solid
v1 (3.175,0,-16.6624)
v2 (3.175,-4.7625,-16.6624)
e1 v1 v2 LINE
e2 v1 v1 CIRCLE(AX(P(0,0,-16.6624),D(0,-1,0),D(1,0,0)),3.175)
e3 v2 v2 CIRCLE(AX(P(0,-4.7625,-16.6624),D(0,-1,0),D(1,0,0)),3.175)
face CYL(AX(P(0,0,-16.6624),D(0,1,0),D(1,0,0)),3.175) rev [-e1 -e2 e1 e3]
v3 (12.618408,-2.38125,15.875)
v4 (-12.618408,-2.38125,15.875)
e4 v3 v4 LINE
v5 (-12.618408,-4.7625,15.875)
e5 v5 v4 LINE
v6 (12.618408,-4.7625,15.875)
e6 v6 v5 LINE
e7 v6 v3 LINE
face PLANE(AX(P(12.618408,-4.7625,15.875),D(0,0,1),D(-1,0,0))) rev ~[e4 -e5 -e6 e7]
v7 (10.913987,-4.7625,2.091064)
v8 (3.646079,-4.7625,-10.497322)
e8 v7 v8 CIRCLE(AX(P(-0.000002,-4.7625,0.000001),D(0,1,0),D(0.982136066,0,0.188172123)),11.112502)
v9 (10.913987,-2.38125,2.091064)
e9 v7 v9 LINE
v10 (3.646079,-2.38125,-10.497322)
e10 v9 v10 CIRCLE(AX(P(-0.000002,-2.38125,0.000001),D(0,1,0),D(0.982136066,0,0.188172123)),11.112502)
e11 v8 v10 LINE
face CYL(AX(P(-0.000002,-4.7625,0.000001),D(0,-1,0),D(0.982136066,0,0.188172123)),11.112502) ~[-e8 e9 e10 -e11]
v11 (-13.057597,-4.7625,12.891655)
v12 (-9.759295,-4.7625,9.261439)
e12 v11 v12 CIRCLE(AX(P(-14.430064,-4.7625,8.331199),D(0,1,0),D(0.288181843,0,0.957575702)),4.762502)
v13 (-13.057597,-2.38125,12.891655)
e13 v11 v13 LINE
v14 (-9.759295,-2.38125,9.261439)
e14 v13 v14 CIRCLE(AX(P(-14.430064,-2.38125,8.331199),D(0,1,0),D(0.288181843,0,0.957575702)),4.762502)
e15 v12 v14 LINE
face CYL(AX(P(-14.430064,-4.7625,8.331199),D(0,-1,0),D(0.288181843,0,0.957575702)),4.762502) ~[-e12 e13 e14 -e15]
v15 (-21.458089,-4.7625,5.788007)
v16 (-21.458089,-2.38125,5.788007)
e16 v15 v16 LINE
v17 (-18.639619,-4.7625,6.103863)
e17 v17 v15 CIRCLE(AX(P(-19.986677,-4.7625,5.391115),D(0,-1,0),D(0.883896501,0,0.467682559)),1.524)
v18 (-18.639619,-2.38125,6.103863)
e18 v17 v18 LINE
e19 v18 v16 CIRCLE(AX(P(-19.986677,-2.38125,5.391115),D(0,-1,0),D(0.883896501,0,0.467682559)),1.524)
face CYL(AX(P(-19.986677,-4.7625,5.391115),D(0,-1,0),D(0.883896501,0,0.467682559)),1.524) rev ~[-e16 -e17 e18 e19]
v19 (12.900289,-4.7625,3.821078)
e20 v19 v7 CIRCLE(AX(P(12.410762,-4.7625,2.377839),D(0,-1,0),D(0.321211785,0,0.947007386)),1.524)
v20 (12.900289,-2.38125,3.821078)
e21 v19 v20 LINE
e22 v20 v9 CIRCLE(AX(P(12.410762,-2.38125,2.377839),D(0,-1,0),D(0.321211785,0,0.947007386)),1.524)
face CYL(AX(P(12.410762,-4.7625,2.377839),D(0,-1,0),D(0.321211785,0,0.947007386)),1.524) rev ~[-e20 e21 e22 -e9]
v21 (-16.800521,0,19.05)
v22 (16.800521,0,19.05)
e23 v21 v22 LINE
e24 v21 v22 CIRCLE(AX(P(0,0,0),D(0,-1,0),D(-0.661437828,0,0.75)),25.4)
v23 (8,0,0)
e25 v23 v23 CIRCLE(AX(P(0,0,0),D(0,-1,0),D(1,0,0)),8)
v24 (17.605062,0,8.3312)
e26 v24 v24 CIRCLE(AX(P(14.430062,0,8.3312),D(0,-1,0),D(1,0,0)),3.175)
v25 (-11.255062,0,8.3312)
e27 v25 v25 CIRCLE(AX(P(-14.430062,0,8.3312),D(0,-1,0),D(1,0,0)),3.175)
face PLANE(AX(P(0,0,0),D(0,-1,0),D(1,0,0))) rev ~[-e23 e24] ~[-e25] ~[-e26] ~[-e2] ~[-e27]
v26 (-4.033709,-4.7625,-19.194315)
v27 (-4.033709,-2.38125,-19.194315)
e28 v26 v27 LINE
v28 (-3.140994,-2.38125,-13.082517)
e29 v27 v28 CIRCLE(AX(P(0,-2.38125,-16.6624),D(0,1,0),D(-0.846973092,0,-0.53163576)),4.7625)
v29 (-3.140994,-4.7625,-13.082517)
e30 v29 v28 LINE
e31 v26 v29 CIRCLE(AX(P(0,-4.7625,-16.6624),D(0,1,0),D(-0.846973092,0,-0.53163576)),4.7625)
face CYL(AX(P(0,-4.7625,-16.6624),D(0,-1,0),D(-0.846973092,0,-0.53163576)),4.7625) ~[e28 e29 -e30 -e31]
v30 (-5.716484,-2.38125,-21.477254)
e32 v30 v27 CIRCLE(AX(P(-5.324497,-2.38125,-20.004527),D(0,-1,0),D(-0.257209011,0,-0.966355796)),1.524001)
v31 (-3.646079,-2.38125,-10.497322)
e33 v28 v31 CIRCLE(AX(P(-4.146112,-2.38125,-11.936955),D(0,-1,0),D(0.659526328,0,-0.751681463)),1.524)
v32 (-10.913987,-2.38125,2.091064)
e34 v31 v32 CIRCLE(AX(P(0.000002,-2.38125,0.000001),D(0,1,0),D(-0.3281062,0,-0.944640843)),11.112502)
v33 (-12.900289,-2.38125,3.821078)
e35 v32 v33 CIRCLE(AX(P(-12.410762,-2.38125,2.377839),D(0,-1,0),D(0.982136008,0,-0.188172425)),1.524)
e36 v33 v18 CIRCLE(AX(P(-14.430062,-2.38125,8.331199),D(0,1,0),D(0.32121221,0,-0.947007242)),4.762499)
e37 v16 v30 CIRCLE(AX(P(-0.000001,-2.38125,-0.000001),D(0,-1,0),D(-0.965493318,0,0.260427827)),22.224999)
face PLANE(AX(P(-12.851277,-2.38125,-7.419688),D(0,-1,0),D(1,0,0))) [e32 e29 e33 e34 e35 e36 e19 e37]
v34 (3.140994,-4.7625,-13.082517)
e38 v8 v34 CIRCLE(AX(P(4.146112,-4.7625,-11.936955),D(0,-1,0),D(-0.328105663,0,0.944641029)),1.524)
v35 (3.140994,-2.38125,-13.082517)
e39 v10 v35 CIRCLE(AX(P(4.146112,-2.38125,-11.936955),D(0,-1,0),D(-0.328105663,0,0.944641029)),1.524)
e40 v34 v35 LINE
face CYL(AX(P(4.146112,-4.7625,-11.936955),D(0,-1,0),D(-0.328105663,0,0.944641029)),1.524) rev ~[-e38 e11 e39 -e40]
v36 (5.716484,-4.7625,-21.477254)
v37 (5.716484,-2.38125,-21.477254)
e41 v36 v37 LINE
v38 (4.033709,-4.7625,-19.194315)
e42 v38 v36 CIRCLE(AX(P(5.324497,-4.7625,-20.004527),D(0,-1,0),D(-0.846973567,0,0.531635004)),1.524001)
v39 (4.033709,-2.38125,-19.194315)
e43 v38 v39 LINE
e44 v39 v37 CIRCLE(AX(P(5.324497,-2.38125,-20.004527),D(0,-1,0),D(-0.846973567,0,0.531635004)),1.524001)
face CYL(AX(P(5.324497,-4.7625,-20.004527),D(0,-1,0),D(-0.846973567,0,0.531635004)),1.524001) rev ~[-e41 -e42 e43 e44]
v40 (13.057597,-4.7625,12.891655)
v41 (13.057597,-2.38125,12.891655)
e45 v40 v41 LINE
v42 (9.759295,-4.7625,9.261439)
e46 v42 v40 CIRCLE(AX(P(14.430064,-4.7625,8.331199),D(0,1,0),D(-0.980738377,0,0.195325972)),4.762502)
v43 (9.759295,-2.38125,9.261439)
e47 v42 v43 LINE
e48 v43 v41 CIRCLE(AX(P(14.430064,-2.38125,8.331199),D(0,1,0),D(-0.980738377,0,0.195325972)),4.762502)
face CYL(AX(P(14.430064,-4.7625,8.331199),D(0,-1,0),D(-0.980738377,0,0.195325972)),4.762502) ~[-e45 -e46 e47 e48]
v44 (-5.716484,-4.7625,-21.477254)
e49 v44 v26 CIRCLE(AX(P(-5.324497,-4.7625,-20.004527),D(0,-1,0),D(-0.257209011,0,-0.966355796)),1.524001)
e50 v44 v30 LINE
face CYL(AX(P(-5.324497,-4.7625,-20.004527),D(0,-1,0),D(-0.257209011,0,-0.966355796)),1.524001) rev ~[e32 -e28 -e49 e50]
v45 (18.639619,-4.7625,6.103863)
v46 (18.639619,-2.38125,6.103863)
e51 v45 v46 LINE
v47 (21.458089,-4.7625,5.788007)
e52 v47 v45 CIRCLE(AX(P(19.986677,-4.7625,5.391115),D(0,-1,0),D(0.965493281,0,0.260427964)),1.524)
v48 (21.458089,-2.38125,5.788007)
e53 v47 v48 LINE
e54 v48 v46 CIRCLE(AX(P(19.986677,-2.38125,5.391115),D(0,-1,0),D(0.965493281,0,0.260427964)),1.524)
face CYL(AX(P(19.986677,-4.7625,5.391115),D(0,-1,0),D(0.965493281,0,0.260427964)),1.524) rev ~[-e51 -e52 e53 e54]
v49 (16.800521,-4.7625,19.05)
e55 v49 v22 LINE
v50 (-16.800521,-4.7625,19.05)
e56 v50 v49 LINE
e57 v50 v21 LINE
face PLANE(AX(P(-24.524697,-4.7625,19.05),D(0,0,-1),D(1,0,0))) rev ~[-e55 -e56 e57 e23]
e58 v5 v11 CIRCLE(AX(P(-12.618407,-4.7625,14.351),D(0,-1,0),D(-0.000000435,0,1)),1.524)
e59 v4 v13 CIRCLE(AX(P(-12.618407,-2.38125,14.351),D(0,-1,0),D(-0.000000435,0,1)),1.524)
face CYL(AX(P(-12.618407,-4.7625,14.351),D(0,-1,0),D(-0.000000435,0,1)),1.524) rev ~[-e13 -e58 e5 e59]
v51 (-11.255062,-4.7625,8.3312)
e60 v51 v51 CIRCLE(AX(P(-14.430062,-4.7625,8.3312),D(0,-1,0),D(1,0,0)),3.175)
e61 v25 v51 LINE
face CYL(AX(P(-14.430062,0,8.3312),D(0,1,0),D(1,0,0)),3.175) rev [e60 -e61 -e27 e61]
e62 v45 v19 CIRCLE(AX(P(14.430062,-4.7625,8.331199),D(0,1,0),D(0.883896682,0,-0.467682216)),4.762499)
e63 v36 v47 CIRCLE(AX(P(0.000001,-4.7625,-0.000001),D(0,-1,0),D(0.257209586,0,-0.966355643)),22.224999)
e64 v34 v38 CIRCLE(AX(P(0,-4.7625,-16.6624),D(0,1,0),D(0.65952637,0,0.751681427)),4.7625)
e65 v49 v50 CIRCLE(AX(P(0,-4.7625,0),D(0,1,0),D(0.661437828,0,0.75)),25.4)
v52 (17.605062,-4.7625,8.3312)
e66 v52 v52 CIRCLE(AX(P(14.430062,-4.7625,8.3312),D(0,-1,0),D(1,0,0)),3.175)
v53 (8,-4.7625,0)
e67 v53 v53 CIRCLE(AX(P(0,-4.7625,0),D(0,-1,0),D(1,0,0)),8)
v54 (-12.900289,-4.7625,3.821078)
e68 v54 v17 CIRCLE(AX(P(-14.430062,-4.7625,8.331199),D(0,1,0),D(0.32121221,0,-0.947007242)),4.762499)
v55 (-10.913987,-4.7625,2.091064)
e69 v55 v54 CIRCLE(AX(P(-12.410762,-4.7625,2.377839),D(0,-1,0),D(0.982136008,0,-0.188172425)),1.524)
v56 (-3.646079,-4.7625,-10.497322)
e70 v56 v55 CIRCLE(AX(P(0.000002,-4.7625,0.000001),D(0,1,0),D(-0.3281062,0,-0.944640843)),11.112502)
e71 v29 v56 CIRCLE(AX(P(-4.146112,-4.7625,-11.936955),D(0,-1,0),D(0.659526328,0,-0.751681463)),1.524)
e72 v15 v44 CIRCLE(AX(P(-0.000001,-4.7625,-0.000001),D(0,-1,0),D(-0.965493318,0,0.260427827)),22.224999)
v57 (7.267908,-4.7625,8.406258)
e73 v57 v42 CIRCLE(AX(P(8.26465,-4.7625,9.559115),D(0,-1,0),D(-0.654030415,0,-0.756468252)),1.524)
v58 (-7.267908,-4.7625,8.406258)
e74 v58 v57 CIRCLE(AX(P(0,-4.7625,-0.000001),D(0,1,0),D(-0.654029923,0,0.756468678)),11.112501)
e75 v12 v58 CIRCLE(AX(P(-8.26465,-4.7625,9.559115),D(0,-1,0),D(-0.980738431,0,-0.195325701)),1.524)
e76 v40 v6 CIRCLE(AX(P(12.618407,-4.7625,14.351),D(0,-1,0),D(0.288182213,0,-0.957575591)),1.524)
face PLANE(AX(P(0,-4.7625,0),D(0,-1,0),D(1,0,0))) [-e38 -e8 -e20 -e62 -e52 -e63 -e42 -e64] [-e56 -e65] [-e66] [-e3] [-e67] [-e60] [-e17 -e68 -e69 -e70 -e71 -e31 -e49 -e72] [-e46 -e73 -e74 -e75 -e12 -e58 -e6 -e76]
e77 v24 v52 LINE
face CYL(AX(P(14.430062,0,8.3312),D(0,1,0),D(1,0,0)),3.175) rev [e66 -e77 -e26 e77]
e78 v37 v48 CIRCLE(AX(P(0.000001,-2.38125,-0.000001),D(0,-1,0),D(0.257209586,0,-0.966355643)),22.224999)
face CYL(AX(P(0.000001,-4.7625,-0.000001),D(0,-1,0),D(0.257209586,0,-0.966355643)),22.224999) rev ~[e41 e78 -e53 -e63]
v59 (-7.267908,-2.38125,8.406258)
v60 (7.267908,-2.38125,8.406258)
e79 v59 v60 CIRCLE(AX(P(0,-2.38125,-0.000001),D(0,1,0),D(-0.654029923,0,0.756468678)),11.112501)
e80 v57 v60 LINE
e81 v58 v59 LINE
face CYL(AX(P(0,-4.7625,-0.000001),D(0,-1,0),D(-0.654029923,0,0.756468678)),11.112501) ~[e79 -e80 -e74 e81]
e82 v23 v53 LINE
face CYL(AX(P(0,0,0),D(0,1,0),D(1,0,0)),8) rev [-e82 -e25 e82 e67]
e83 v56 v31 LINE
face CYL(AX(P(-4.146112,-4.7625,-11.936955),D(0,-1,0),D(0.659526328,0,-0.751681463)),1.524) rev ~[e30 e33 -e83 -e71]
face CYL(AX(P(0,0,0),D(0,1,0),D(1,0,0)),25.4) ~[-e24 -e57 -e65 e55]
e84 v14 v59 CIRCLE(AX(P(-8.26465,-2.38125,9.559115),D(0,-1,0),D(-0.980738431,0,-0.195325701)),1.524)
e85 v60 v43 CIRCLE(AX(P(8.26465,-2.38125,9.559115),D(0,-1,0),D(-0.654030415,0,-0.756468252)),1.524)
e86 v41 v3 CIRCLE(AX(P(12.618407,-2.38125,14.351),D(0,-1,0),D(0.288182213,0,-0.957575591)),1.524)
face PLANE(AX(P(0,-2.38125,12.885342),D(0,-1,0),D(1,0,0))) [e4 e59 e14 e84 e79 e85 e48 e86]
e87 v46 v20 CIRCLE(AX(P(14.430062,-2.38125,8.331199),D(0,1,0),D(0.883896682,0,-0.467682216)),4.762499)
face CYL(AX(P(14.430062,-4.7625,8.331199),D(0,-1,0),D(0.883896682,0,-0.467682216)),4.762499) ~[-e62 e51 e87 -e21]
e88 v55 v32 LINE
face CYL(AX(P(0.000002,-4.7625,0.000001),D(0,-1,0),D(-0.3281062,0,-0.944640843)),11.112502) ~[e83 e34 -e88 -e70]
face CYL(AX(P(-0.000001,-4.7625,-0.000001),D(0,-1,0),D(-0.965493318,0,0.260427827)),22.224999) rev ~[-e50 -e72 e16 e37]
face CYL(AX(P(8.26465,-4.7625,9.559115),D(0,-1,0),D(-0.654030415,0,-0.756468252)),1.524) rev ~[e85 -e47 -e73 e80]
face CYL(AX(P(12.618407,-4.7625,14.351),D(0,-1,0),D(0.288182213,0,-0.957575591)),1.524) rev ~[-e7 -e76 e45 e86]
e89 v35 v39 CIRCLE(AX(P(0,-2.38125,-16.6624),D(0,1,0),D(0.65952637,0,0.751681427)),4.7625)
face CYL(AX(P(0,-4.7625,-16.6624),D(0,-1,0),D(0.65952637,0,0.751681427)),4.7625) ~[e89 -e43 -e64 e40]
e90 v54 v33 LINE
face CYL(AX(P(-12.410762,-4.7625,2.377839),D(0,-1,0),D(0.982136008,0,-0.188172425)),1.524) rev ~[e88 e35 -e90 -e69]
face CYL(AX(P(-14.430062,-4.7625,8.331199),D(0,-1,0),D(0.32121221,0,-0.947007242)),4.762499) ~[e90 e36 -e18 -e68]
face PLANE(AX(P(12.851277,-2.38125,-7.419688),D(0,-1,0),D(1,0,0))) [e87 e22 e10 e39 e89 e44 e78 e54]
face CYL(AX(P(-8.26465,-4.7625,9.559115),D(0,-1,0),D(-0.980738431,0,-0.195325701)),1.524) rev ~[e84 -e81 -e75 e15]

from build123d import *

# Parameters (mm, degrees)
F0_R     = 25.4
F0_R_2   = 3.175
F0_R_3   = 8
F1_DEPTH = 4.7625
F2_W     = 50.561215
F2_H     = 14.34433
F3_DEPTH = 25.4
F5_DEPTH = 2.38125


with BuildPart() as f1:
    # F0 (on Front) → F1 (new body)
    with BuildSketch(Plane.XZ):
        Circle(F0_R)
        with Locations((0, -16.6624)):
            Circle(F0_R_2, mode=Mode.SUBTRACT)
        Circle(F0_R_3, mode=Mode.SUBTRACT)
        with Locations((-14.430062, 8.3312)):
            Circle(F0_R_2, mode=Mode.SUBTRACT)
        with Locations((14.430062, 8.3312)):
            Circle(F0_R_2, mode=Mode.SUBTRACT)
    extrude(amount=F1_DEPTH)

    # F2 (on face) → F3 (cut)
    with BuildSketch(Plane.XZ.offset(4.7625)):
        with Locations((0.75591, 26.222165)):
            Rectangle(F2_W, F2_H)
    extrude(amount=-F3_DEPTH, mode=Mode.SUBTRACT)

    # F4 (on face) → F5 (cut)
    with BuildSketch(Plane.XZ.offset(4.7625)):
        with BuildLine():
            ThreePointArc((-3.646079, -10.497322), (-9.623707, -5.55625), (-10.913987, 2.091064))
            ThreePointArc((-10.913987, 2.091064), (-11.409826, 3.527057), (-12.900289, 3.821078))
            ThreePointArc((-12.900289, 3.821078), (-16.190201, 3.905896), (-18.639619, 6.103863))
            ThreePointArc((-18.639619, 6.103863), (-20.156405, 6.905634), (-21.458089, 5.788007))
            ThreePointArc((-21.458089, 5.788007), (-19.247415, -11.1125), (-5.716484, -21.477254))
            ThreePointArc((-5.716484, -21.477254), (-4.097748, -20.908775), (-4.033709, -19.194315))
            ThreePointArc((-4.033709, -19.194315), (-4.712495, -15.974073), (-3.140994, -13.082517))
            ThreePointArc((-3.140994, -13.082517), (-2.650392, -11.644727), (-3.646079, -10.497322))
        make_face()
        with BuildLine():
            ThreePointArc((-7.267908, 8.406258), (0, 11.1125), (7.267908, 8.406258))
            ThreePointArc((7.267908, 8.406258), (8.759433, 8.11767), (9.759295, 9.261439))
            ThreePointArc((9.759295, 9.261439), (10.905182, 11.533797), (13.057597, 12.891655))
            ThreePointArc((13.057597, 12.891655), (14.126157, 14.572961), (12.618408, 15.875))
            Line((12.618408, 15.875), (-12.618408, 15.875))
            ThreePointArc((-12.618408, 15.875), (-14.126157, 14.572961), (-13.057597, 12.891655))
            ThreePointArc((-13.057597, 12.891655), (-10.905182, 11.533797), (-9.759295, 9.261439))
            ThreePointArc((-9.759295, 9.261439), (-8.759433, 8.11767), (-7.267908, 8.406258))
        make_face()
        with BuildLine():
            ThreePointArc((10.913987, 2.091064), (9.623707, -5.55625), (3.646079, -10.497322))
            ThreePointArc((3.646079, -10.497322), (2.650392, -11.644727), (3.140994, -13.082517))
            ThreePointArc((3.140994, -13.082517), (4.712495, -15.974073), (4.033709, -19.194315))
            ThreePointArc((4.033709, -19.194315), (4.097748, -20.908775), (5.716484, -21.477254))
            ThreePointArc((5.716484, -21.477254), (19.247415, -11.1125), (21.458089, 5.788007))
            ThreePointArc((21.458089, 5.788007), (20.156405, 6.905634), (18.639619, 6.103863))
            ThreePointArc((18.639619, 6.103863), (16.190201, 3.905896), (12.900289, 3.821078))
            ThreePointArc((12.900289, 3.821078), (11.409826, 3.527057), (10.913987, 2.091064))
        make_face()
    extrude(amount=-F5_DEPTH, mode=Mode.SUBTRACT)


solid = f1.part
